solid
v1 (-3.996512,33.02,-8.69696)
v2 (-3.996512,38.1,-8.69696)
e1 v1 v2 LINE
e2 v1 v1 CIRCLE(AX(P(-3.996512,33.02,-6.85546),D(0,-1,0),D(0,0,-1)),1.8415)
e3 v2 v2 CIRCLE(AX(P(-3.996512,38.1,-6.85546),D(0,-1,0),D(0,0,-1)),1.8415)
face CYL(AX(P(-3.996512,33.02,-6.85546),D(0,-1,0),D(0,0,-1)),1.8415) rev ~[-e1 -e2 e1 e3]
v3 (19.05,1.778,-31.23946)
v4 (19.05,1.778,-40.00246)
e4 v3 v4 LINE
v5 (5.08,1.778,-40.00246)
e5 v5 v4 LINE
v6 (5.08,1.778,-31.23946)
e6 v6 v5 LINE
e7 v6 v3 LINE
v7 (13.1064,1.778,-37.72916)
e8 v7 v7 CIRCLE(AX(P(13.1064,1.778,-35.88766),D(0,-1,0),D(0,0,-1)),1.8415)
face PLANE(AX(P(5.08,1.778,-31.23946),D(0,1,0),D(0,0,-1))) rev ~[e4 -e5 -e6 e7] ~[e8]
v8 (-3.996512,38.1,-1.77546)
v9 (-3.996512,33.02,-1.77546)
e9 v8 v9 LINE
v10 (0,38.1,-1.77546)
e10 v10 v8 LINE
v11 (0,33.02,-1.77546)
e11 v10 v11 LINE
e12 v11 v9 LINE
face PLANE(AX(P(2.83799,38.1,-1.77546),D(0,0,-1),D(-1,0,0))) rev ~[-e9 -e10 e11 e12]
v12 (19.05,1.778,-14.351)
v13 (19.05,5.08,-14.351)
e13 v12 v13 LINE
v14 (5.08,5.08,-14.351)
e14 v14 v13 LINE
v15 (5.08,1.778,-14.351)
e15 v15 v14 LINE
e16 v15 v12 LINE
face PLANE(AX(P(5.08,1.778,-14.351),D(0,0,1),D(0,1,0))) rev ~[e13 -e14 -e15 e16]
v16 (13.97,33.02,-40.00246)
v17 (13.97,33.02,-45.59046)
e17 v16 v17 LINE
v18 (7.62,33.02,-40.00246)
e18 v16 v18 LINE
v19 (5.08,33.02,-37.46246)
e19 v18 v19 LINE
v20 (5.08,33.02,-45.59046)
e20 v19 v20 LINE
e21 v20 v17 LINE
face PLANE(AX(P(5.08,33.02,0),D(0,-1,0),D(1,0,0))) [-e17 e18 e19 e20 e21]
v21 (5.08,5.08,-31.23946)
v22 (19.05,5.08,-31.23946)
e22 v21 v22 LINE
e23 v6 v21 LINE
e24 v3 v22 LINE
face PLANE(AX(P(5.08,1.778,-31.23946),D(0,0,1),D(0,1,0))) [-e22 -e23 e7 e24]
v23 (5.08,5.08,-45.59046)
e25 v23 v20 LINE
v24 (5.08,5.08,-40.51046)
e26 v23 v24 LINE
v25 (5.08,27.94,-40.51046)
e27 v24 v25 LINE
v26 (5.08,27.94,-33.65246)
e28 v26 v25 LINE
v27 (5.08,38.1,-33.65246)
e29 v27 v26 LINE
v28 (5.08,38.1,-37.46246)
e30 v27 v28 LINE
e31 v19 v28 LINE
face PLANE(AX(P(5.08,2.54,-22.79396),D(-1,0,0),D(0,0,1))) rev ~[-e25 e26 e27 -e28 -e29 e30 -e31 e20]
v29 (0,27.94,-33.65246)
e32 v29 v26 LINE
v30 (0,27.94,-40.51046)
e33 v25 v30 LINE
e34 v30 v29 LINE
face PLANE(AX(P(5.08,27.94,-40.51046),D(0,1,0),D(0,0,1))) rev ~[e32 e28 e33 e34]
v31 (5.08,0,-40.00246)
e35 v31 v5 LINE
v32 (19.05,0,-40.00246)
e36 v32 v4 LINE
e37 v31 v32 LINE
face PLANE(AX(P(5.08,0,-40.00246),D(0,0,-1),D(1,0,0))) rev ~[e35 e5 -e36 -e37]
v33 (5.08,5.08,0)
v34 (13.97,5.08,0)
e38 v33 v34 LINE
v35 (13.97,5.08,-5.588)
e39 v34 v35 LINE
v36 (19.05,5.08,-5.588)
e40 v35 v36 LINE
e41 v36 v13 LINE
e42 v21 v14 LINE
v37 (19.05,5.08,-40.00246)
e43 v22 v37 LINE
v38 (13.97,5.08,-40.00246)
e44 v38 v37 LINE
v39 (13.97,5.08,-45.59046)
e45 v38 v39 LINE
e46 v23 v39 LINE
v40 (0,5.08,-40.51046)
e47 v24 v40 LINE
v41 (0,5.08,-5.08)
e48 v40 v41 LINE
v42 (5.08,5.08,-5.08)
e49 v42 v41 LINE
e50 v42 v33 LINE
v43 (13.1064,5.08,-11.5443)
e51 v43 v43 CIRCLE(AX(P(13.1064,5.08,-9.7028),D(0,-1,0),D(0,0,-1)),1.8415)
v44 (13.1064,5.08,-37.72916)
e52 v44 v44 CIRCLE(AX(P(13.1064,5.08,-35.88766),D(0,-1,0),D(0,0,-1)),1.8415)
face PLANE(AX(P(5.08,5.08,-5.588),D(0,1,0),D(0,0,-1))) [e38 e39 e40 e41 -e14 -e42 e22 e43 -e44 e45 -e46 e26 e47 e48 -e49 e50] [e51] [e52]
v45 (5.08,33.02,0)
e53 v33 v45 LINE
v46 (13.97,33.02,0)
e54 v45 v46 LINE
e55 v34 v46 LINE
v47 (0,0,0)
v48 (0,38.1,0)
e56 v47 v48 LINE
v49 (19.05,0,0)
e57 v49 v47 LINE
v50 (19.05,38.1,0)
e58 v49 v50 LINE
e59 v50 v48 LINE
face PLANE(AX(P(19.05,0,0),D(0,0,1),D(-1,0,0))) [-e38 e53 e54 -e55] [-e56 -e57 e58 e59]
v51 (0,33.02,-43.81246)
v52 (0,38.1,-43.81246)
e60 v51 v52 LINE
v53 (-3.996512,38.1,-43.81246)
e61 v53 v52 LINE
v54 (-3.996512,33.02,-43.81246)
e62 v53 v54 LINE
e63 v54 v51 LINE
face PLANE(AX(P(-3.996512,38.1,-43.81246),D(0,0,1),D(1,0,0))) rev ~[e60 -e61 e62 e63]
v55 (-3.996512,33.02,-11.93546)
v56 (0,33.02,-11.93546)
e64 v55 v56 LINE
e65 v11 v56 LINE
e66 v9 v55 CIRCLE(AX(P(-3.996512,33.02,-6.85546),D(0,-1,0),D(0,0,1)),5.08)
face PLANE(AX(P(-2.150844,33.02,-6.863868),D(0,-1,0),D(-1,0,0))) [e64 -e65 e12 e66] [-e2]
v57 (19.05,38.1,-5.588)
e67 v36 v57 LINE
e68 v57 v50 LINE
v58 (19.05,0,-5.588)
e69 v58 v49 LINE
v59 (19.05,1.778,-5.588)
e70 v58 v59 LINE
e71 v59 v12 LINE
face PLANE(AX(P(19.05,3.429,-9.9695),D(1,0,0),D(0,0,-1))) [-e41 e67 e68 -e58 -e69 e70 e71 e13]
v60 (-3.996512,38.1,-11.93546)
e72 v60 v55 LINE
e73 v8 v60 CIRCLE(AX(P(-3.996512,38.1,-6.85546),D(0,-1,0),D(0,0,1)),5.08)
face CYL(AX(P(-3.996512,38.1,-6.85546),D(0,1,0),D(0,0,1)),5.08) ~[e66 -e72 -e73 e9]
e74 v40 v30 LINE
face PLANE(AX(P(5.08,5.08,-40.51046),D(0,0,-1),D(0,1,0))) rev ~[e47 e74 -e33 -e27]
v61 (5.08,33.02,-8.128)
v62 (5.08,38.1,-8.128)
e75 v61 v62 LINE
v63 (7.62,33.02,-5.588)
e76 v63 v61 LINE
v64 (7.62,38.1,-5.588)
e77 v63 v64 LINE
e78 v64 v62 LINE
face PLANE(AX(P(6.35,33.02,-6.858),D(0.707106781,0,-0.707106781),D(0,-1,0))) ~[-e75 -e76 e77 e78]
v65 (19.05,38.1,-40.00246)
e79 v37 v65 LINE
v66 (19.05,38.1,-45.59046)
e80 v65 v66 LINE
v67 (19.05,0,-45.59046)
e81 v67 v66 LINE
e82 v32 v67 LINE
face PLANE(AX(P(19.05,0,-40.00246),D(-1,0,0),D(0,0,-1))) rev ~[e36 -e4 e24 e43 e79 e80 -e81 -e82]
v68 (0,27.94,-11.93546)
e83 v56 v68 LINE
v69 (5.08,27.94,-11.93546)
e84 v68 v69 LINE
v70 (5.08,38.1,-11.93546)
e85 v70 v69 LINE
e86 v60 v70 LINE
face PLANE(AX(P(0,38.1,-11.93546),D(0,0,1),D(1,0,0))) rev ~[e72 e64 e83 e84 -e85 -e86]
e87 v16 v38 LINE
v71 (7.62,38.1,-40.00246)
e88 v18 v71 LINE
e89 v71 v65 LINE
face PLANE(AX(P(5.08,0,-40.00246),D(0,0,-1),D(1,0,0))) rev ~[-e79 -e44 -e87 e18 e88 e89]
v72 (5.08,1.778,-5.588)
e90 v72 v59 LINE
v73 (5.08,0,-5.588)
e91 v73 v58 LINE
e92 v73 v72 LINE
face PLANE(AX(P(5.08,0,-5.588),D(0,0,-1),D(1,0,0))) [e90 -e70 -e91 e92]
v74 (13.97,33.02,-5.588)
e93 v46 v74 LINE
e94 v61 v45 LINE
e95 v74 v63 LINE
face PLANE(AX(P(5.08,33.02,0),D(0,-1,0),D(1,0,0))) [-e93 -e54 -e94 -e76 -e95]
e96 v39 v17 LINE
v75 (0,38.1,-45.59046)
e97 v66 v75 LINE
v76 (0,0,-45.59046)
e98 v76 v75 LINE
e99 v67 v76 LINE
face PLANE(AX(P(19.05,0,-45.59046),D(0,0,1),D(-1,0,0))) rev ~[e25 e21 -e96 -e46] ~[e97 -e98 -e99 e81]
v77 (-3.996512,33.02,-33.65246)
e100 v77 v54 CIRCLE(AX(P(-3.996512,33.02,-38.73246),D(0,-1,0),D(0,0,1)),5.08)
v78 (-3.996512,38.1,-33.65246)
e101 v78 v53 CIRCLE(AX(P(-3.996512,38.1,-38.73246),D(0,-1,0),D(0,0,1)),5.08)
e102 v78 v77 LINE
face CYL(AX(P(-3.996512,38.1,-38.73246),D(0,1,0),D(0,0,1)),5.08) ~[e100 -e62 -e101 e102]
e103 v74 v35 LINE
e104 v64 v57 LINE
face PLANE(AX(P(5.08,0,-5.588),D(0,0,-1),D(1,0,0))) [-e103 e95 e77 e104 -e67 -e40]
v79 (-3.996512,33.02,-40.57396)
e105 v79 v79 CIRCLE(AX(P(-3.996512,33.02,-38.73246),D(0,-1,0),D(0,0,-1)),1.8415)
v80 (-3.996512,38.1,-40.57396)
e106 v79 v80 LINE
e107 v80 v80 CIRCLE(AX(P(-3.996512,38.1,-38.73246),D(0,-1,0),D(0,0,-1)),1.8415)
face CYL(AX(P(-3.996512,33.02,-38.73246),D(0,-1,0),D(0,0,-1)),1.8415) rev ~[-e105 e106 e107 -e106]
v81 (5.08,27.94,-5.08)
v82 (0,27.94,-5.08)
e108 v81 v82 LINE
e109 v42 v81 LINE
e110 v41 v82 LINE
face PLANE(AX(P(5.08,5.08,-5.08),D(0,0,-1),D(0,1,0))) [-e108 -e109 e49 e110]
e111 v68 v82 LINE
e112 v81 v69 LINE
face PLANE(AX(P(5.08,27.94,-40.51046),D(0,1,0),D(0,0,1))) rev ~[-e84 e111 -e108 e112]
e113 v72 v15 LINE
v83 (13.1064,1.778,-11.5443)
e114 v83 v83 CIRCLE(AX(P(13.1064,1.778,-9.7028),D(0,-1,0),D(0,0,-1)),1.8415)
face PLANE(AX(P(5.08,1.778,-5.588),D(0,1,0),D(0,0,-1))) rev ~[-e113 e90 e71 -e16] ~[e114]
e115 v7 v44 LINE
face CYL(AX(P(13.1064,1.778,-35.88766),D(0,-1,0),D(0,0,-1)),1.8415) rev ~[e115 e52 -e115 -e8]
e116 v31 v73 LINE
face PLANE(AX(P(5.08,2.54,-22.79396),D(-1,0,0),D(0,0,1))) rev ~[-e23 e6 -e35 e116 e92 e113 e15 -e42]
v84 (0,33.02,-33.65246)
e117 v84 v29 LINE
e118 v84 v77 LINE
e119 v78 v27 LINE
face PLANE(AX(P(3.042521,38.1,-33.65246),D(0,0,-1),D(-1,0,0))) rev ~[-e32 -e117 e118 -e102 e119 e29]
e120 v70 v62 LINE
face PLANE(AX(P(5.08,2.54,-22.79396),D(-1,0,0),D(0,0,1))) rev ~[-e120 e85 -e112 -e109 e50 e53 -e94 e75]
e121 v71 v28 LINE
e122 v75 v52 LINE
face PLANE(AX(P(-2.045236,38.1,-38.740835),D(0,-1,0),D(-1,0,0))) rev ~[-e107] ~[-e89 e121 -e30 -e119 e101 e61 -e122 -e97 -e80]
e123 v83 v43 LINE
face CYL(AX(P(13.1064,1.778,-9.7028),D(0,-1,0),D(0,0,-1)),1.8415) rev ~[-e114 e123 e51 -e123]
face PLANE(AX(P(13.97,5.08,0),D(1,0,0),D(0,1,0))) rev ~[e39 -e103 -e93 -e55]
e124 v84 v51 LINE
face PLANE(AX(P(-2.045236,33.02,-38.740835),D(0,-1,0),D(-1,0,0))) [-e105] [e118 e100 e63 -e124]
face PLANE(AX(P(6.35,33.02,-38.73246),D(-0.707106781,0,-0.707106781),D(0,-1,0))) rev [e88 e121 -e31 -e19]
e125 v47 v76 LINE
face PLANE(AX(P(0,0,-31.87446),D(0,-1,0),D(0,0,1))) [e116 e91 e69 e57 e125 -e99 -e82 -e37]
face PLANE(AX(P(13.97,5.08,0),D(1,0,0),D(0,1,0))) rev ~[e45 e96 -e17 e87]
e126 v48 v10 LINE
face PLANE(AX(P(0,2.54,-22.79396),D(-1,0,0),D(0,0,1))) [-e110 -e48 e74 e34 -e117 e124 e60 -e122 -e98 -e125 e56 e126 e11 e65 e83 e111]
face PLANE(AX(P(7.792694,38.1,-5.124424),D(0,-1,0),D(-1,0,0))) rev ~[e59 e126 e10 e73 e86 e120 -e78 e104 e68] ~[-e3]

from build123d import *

# Parameters (mm, degrees)
BOSS_EXTRUDE1_DEPTH   = 38.1
BOSS_EXTRUDE1_2_DEPTH = 38.1
SKETCH2_W             = 7.62
SKETCH2_H             = 5.08
BOSS_EXTRUDE2_DEPTH   = 7.62
SKETCH3_R             = 1.8415
CUT_EXTRUDE1_DEPTH    = 60.428216724
FILLET1_R             = 2.54
FILLET2_R             = 2.54
SKETCH5_W             = 18.161
SKETCH5_H             = 5.08
SKETCH5_W_2           = 21.209
BOSS_EXTRUDE3_DEPTH   = 5.08
SKETCH6_W             = 8.89
SKETCH6_H             = 27.94
CUT_EXTRUDE2_DEPTH    = 63.393930338
SKETCH8_W             = 8.763
SKETCH8_H             = 3.302
BOSS_EXTRUDE4_DEPTH   = 13.97
SKETCH11_R            = 1.8415
CUT_EXTRUDE4_DEPTH    = 62.324385256
CUT_EXTRUDE5_START    = -5.08
SKETCH15_W            = 35.43046
SKETCH15_H            = 22.86
CUT_EXTRUDE5_DEPTH    = 5.08
SKETCH16_R            = 1.8415
BOSS_EXTRUDE5_DEPTH   = 5.08
SKETCH17_W            = 5.08
SKETCH17_H            = 21.717
CUT_EXTRUDE6_DEPTH    = 10.16
CHAMFER1_SIZE         = 2.54


with BuildPart() as part:
    # Sketch1 → Boss-Extrude1 (new body)
    with BuildSketch(Plane(origin=(0, 0, 0), x_dir=(1, 0, 0), z_dir=(0, 1, 0))):
        Polygon((0, 0), (0, 13.71346), (5.08, 13.71346), (5.08, 5.588), (19.05, 5.588), (19.05, 0), align=None)
    extrude(amount=BOSS_EXTRUDE1_DEPTH)

    # Sketch2 → Boss-Extrude2 (add)
    with BuildSketch(Plane.ZY):
        with Locations((-6.85546, 35.56)):
            Rectangle(SKETCH2_W, SKETCH2_H)
        with Locations((-38.73246, 35.56)):
            Rectangle(SKETCH2_W, SKETCH2_H)
    extrude(amount=BOSS_EXTRUDE2_DEPTH)


with BuildPart() as body_2:
    # Sketch1 → Boss-Extrude1 2 (new body)
    with BuildSketch(Plane(origin=(0, 0, 0), x_dir=(1, 0, 0), z_dir=(0, 1, 0))):
        Polygon((0, 31.87446), (5.08, 31.87446), (5.08, 40.00246), (19.05, 40.00246), (19.05, 45.59046), (0, 45.59046), align=None)
    extrude(amount=BOSS_EXTRUDE1_2_DEPTH)



with BuildPart() as boss_extrude2_piece_1:
    # of the separate pieces the step leaves, piece 1, a body of its own (boss_extrude2_pieces)
    add(part.part.solids().sort_by_distance((0, 0, 0))[0])


with BuildPart() as boss_extrude2_piece_2:
    # of the separate pieces the step leaves, piece 2, a body of its own (boss_extrude2_pieces)
    add(part.part.solids().sort_by_distance((0, 38.1, -34.92246))[0])


with BuildPart() as cut_extrude1_tool:
    # Sketch3 → Cut-Extrude1 (new, through all)
    with BuildSketch(Plane(origin=(0, 33.02, 0), x_dir=(-1, 0, 0), z_dir=(0, -1, 0))):
        with Locations(Location((3.996511692, 6.85546, 0), (0, 0, 90))):
            Circle(SKETCH3_R)
        with Locations(Location((3.996511692, 38.73246, 0), (0, 0, 90))):
            Circle(SKETCH3_R)
    extrude(amount=-CUT_EXTRUDE1_DEPTH)


with BuildPart() as boss_extrude2_piece_1_1:
    add(boss_extrude2_piece_1.part)

    # Cut-Extrude1: cut by cut_extrude1_tool
    add(cut_extrude1_tool.part, mode=Mode.SUBTRACT)

    # Fillet1
    fillet1_edges = [boss_extrude2_piece_1_1.edges().sort_by_distance(p)[0] for p in [
        (-7.62, 35.56, -10.66546),
        (-7.62, 35.56, -3.04546),
    ]]
    fillet(fillet1_edges, radius=FILLET1_R)


with BuildPart() as boss_extrude2_piece_2_1:
    add(boss_extrude2_piece_2.part)

    # Cut-Extrude1: cut by cut_extrude1_tool
    add(cut_extrude1_tool.part, mode=Mode.SUBTRACT)

    # Fillet2
    fillet2_edges = [boss_extrude2_piece_2_1.edges().sort_by_distance(p)[0] for p in [
        (-7.62, 35.56, -42.54246),
        (-7.62, 35.56, -34.92246),
    ]]
    fillet(fillet2_edges, radius=FILLET2_R)


with BuildPart() as body_2_1:
    add(body_2.part)

    add(boss_extrude2_piece_1_1.part)  # Boss-Extrude3 merges Boss-Extrude2 piece 1

    add(boss_extrude2_piece_2_1.part)  # Boss-Extrude3 merges Boss-Extrude2 piece 2
    # Sketch5 → Boss-Extrude3 (add)
    with BuildSketch(Plane.ZY):
        with Locations((-22.79396, 2.54)):
            Rectangle(SKETCH5_W, SKETCH5_H)
        with Locations((-24.31796, 30.48)):
            Rectangle(SKETCH5_W_2, SKETCH5_H)
    extrude(amount=-BOSS_EXTRUDE3_DEPTH)

    # Sketch6 → Cut-Extrude2 (cut, through all)
    with BuildSketch(Plane.XY):
        with Locations((9.525, 19.05)):
            Rectangle(SKETCH6_W, SKETCH6_H)
    extrude(amount=-CUT_EXTRUDE2_DEPTH, mode=Mode.SUBTRACT)

    # Sketch8 → Boss-Extrude4 (add)
    with BuildSketch(Plane(origin=(5.08, 0, 0), x_dir=(0, 0, -1), z_dir=(1, 0, 0))):
        with Locations((9.9695, 3.429)):
            Rectangle(SKETCH8_W, SKETCH8_H)
        with Locations((35.62096, 3.429)):
            Rectangle(SKETCH8_W, SKETCH8_H)
    extrude(amount=BOSS_EXTRUDE4_DEPTH)

    # Sketch11 → Cut-Extrude4 (cut, through all)
    with BuildSketch(Plane.XZ.offset(-1.778)):
        with Locations(Location((13.1064, -9.7028, 0), (0, 0, 270))):
            Circle(SKETCH11_R)
        with Locations(Location((13.1064, -35.88766, 0), (0, 0, 270))):
            Circle(SKETCH11_R)
    extrude(amount=-CUT_EXTRUDE4_DEPTH, mode=Mode.SUBTRACT)

    # Sketch15 → Cut-Extrude5 (cut)
    with BuildSketch(Plane.ZY.offset(CUT_EXTRUDE5_START)):
        with Locations((-22.79523, 16.51)):
            Rectangle(SKETCH15_W, SKETCH15_H)
    extrude(amount=CUT_EXTRUDE5_DEPTH, mode=Mode.SUBTRACT)

    # Sketch16 → Boss-Extrude5 (add)
    # profile 1 of 2: a face of its own
    with BuildSketch(Plane(origin=(0, 38.1, 0), x_dir=(1, 0, 0), z_dir=(0, 1, 0))):
        with BuildLine():
            Line((-3.996511692, 43.81246), (3.107709624, 43.81246))
            Line((3.107709624, 43.81246), (3.042520574, 33.65246))
            Line((3.042520574, 33.65246), (-3.996511692, 33.65246))
            ThreePointArc((-3.996511692, 33.65246), (-9.076511692, 38.73246), (-3.996511692, 43.81246))
        make_face()
        with Locations(Location((-3.996511692, 38.73246, 0), (0, 0, 90))):
            Circle(SKETCH16_R, mode=Mode.SUBTRACT)
    # profile 2 of 2: a face of its own
    with BuildSketch(Plane(origin=(0, 38.1, 0), x_dir=(1, 0, 0), z_dir=(0, 1, 0))):
        with BuildLine():
            Line((-3.996511692, 11.93546), (2.83798993, 11.93546))
            ThreePointArc((2.83798993, 11.93546), (2.870583784, 11.935355436), (2.903176296, 11.935041748))
            Line((2.903176296, 11.935041748), (2.83798993, 1.77546))
            Line((2.83798993, 1.77546), (-3.996511692, 1.77546))
            ThreePointArc((-3.996511692, 1.77546), (-9.076511692, 6.85546), (-3.996511692, 11.93546))
        make_face()
        with Locations(Location((-3.996511692, 6.85546, 0), (0, 0, 90))):
            Circle(SKETCH16_R, mode=Mode.SUBTRACT)
    extrude(amount=-BOSS_EXTRUDE5_DEPTH)

    # Sketch17 → Cut-Extrude6 (cut)
    with BuildSketch(Plane(origin=(0, 38.1, 0), x_dir=(1, 0, 0), z_dir=(0, 1, 0))):
        with Locations((2.54, 22.79396)):
            Rectangle(SKETCH17_W, SKETCH17_H)
    extrude(amount=-CUT_EXTRUDE6_DEPTH, mode=Mode.SUBTRACT)

    # Chamfer1
    chamfer1_edges = [body_2_1.edges().sort_by_distance(p)[0] for p in [
        (5.08, 35.56, -40.00246),
        (5.08, 35.56, -5.588),
    ]]
    chamfer(chamfer1_edges, length=CHAMFER1_SIZE)


solid = body_2_1.part
